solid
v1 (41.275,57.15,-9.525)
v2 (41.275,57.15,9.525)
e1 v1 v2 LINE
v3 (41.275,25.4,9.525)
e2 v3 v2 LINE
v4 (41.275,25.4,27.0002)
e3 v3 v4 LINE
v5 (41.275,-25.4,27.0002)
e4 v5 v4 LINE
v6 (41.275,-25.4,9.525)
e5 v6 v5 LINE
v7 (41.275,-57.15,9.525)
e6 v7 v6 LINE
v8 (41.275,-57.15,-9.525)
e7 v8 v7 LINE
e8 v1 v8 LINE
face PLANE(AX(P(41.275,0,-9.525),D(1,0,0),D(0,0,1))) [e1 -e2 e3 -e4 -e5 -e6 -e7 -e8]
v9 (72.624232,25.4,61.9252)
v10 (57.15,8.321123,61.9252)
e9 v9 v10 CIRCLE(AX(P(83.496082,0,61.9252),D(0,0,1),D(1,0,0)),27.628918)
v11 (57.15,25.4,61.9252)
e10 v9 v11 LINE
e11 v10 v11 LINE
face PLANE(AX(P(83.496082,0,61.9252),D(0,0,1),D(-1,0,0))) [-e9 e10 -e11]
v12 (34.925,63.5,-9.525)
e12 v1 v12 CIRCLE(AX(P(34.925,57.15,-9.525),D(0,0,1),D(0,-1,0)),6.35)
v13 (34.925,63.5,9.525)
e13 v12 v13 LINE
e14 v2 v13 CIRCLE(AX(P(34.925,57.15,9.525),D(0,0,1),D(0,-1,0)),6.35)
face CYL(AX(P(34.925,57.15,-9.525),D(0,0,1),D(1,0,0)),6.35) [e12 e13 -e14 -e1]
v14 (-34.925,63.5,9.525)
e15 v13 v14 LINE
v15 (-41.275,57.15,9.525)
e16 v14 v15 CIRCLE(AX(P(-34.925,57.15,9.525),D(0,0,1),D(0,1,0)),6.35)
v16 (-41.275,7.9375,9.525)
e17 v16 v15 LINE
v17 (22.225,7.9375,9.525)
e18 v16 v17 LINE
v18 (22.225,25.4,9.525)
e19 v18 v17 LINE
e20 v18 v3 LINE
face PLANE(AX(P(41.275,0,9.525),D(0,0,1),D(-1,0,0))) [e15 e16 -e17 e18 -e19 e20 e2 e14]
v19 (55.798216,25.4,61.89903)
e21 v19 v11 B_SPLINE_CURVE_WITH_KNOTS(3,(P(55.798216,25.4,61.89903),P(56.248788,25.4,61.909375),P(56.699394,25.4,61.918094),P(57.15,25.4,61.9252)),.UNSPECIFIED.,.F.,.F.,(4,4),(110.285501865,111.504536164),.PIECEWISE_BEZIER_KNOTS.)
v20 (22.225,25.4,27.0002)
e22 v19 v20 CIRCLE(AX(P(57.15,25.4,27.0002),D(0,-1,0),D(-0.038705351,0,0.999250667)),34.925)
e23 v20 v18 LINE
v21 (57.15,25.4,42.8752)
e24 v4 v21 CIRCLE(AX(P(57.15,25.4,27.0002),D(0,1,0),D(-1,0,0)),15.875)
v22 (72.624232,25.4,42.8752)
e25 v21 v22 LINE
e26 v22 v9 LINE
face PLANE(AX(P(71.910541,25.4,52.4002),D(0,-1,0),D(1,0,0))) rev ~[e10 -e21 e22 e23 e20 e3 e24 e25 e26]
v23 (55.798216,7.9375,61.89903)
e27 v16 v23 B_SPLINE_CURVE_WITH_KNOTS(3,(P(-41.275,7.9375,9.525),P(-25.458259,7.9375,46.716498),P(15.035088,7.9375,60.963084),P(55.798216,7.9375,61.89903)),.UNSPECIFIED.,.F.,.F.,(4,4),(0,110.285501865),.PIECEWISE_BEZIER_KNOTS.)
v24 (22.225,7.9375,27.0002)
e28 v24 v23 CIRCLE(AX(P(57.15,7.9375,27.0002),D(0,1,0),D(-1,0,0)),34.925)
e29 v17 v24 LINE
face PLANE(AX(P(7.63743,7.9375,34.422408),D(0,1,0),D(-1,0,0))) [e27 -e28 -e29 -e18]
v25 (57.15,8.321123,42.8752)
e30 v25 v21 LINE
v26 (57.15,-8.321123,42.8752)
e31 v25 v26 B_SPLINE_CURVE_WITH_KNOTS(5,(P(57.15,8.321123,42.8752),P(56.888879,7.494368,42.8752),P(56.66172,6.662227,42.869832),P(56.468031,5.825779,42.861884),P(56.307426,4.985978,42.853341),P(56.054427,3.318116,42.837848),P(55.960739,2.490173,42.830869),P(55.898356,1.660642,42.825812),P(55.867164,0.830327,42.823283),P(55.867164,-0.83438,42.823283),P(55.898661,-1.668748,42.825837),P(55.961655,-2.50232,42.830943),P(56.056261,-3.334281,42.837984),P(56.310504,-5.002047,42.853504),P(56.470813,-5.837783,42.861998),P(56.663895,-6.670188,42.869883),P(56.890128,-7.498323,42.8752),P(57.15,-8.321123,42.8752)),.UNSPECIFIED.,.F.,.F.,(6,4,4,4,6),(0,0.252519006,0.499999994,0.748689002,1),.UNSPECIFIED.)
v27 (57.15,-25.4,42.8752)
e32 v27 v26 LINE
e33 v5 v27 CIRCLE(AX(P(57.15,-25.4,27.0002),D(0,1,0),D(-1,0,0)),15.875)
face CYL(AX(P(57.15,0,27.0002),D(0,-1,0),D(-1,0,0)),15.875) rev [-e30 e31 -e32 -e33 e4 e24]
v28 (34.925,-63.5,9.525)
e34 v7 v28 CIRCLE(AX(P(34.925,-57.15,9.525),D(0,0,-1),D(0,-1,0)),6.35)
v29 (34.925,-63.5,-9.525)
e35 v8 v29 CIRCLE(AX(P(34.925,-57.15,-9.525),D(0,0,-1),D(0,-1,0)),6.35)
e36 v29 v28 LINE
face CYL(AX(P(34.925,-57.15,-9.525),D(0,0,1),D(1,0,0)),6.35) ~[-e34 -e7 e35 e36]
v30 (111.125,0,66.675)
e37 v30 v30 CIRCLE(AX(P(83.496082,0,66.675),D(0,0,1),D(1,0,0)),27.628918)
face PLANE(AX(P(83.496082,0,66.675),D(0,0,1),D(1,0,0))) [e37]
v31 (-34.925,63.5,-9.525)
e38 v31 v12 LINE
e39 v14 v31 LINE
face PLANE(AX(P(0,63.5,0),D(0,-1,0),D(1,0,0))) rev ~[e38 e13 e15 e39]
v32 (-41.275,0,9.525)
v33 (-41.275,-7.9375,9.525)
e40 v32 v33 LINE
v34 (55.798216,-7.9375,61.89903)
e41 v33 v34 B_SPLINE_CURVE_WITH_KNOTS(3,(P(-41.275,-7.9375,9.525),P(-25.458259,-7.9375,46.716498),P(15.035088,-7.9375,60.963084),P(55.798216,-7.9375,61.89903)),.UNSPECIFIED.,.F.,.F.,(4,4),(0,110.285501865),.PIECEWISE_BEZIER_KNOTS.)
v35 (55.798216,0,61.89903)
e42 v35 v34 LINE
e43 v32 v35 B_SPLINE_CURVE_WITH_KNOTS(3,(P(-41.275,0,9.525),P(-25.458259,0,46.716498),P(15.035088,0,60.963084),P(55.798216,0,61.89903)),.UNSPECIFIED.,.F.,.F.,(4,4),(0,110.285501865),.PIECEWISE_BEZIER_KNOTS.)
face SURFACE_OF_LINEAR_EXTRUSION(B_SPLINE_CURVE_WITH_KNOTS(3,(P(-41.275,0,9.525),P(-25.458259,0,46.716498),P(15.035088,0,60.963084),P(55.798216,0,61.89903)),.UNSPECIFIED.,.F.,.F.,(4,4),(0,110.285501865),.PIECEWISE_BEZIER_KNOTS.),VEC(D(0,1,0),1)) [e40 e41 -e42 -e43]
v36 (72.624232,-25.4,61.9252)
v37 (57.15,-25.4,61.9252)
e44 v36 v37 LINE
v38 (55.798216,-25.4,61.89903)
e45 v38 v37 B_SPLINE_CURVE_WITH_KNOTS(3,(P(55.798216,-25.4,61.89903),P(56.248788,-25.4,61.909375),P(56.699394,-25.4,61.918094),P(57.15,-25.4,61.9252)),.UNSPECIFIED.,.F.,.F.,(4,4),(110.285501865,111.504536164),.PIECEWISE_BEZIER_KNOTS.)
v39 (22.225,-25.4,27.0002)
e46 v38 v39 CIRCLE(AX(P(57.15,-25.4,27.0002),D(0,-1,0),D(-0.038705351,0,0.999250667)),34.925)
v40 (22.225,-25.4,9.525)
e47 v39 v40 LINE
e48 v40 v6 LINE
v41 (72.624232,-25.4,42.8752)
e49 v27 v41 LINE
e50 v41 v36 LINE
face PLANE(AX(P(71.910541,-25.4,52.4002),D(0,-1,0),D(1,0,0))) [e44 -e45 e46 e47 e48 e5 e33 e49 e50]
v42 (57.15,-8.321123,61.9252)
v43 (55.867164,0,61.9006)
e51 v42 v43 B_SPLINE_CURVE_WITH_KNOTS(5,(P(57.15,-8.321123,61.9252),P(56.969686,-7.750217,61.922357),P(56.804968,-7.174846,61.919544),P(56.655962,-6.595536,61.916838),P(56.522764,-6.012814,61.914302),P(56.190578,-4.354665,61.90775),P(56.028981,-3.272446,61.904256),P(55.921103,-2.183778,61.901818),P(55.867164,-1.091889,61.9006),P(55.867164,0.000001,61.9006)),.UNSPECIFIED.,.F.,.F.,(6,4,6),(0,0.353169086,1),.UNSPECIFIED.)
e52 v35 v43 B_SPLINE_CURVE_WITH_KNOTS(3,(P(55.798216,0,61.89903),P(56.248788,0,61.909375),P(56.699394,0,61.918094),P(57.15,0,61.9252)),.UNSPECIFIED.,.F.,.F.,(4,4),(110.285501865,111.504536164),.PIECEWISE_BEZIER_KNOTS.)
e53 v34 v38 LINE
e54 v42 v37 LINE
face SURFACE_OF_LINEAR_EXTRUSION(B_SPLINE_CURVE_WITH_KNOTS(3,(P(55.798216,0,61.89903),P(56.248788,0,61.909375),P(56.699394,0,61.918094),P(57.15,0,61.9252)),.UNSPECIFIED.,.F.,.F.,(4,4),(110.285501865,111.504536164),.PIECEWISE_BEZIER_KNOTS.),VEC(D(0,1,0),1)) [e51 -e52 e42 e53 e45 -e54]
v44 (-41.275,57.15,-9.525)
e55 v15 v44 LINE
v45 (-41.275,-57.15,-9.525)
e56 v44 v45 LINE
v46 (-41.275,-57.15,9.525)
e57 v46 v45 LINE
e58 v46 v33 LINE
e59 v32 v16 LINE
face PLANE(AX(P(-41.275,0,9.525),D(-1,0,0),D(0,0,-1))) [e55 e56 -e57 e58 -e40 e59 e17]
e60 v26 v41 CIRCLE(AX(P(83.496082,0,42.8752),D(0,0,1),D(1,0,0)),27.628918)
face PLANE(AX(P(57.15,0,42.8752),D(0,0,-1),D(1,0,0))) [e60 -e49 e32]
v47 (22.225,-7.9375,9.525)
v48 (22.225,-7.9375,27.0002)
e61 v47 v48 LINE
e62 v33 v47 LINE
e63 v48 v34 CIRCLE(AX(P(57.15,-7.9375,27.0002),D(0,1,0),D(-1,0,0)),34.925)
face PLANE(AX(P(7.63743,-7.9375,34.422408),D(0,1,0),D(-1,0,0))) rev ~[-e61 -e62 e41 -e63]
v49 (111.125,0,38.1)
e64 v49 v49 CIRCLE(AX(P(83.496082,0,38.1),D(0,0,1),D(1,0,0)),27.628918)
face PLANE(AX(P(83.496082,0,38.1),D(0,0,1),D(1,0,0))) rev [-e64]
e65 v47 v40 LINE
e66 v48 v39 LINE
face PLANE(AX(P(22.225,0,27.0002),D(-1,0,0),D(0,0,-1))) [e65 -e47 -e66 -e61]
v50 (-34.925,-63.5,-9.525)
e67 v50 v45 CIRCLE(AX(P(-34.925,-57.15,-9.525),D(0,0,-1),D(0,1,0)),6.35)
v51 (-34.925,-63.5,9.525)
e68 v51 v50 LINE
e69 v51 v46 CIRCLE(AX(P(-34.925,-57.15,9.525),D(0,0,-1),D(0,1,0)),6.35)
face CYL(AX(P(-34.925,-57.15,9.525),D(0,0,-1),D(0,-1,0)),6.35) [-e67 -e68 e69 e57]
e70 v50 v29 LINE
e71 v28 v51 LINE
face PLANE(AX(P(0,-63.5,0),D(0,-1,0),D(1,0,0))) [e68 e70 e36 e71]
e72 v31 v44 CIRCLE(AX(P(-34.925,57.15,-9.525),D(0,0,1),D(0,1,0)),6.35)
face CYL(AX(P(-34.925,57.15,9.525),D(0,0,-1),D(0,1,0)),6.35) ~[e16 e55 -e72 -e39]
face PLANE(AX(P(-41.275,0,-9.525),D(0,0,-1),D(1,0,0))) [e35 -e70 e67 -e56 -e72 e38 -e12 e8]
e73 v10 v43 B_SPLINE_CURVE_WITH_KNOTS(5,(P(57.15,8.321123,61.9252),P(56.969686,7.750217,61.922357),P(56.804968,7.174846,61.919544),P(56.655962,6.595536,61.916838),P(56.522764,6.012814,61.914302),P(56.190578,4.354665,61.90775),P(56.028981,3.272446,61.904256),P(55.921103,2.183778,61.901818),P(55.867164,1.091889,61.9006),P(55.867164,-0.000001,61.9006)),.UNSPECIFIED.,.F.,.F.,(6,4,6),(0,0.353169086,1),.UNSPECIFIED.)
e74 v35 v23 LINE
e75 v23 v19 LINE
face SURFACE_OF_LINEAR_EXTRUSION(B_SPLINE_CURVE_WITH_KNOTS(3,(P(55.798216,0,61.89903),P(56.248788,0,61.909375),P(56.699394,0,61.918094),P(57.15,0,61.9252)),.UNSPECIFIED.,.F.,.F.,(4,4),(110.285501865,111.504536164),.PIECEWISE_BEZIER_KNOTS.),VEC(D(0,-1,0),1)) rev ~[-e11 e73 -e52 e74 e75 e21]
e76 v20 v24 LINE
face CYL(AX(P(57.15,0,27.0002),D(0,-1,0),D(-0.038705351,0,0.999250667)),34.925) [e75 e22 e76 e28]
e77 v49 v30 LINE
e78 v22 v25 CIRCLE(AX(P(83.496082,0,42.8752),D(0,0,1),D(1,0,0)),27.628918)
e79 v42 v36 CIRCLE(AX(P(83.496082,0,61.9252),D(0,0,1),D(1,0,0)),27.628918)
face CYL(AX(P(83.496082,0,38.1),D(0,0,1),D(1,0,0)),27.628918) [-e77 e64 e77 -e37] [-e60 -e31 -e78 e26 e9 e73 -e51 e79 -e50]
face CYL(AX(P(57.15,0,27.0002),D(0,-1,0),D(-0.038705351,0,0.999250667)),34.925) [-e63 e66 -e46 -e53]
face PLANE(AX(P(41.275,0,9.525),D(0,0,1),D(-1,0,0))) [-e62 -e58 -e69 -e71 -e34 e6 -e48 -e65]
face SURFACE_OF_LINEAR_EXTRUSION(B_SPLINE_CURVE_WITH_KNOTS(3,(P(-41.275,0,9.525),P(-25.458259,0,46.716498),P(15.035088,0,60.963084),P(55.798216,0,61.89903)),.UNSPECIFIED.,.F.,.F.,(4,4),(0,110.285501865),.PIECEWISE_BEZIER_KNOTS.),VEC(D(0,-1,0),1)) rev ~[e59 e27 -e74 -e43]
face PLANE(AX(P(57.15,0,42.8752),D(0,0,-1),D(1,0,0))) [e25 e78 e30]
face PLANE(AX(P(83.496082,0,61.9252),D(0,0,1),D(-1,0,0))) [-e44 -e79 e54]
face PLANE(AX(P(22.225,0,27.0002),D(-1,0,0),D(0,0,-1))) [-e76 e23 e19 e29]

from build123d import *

# Parameters (mm, degrees)
F1_DEPTH = 63.5
F0_W     = 23.171081849
F0_H     = 19.05
F2_DEPTH = 25.4
F3_DEPTH = 7.9375
F5_R     = 6.35


with BuildPart() as f1:
    # F0 (on Front) → F1 (new body, symmetric)
    with BuildSketch(Plane.XZ):
        Polygon((22.225, 9.525), (-41.275, 9.525), (-41.275, -9.525), (41.275, -9.525), (41.275, 9.525), align=None)
    extrude(amount=F1_DEPTH, both=True)

    # F0 (on Front) → F2 (join, symmetric)
    with BuildSketch(Plane.XZ):
        with Locations((71.9105409245, 52.4002)):
            Rectangle(F0_W, F0_H)
        with BuildLine():
            Line((22.225, 27.0002), (22.225, 9.525))
            Line((22.225, 9.525), (41.275, 9.525))
            Line((41.275, 9.525), (41.275, 27.0002))
            ThreePointArc((41.275, 27.0002), (45.9246798487, 38.2255201513), (57.15, 42.8752))
            Line((57.15, 42.8752), (60.325, 42.8752))
            Line((60.325, 42.8752), (60.325, 61.9252))
            Line((60.325, 61.9252), (57.15, 61.9252))
            add(Edge.make_bspline(
                [(55.7982156024, 61.8990295497), (56.2487884274, 61.909374971), (56.6993942137, 61.9180941174), (57.15, 61.9252)],
                knots=[110.2855018647, 110.2855018647, 110.2855018647, 110.2855018647, 111.5045361635, 111.5045361635, 111.5045361635, 111.5045361635], degree=3))
            ThreePointArc((55.7982156024, 61.8990295497), (31.9809049121, 51.2132600597), (22.225, 27.0002))
        make_face()
    extrude(amount=F2_DEPTH, both=True)

    # F0 (on Front) → F3 (join, symmetric)
    with BuildSketch(Plane.XZ):
        with BuildLine():
            add(Edge.make_bspline(
                [(-41.275, 9.525), (-25.4582592858, 46.7164983248), (15.0350884427, 60.9630838009), (55.7982156024, 61.8990295497)],
                knots=[0, 0, 0, 0, 110.2855018647, 110.2855018647, 110.2855018647, 110.2855018647], degree=3))
            Line((-41.275, 9.525), (22.225, 9.525))
            Line((22.225, 9.525), (22.225, 27.0002))
            ThreePointArc((22.225, 27.0002), (31.9809049121, 51.2132600597), (55.7982156024, 61.8990295497))
        make_face()
    extrude(amount=F3_DEPTH, both=True)

    # F0 (on Front) → F4 (revolve)
    with BuildSketch(Plane.XZ):
        Polygon((83.496081849, 66.675), (83.496081849, 61.9252), (83.496081849, 42.8752), (83.496081849, 38.1), (111.125, 38.1), (111.125, 66.675), align=None)
    revolve(axis=Axis((83.496081849, 0, 52.3875), (0, 0, 1)))

    # F5
    f5_edges = [f1.edges().sort_by_distance(p)[0] for p in [
        (41.275, -63.5, 0),
        (-41.275, -63.5, 0),
        (41.275, 63.5, 0),
        (-41.275, 63.5, 0),
    ]]
    fillet(f5_edges, radius=F5_R)


solid = f1.part
